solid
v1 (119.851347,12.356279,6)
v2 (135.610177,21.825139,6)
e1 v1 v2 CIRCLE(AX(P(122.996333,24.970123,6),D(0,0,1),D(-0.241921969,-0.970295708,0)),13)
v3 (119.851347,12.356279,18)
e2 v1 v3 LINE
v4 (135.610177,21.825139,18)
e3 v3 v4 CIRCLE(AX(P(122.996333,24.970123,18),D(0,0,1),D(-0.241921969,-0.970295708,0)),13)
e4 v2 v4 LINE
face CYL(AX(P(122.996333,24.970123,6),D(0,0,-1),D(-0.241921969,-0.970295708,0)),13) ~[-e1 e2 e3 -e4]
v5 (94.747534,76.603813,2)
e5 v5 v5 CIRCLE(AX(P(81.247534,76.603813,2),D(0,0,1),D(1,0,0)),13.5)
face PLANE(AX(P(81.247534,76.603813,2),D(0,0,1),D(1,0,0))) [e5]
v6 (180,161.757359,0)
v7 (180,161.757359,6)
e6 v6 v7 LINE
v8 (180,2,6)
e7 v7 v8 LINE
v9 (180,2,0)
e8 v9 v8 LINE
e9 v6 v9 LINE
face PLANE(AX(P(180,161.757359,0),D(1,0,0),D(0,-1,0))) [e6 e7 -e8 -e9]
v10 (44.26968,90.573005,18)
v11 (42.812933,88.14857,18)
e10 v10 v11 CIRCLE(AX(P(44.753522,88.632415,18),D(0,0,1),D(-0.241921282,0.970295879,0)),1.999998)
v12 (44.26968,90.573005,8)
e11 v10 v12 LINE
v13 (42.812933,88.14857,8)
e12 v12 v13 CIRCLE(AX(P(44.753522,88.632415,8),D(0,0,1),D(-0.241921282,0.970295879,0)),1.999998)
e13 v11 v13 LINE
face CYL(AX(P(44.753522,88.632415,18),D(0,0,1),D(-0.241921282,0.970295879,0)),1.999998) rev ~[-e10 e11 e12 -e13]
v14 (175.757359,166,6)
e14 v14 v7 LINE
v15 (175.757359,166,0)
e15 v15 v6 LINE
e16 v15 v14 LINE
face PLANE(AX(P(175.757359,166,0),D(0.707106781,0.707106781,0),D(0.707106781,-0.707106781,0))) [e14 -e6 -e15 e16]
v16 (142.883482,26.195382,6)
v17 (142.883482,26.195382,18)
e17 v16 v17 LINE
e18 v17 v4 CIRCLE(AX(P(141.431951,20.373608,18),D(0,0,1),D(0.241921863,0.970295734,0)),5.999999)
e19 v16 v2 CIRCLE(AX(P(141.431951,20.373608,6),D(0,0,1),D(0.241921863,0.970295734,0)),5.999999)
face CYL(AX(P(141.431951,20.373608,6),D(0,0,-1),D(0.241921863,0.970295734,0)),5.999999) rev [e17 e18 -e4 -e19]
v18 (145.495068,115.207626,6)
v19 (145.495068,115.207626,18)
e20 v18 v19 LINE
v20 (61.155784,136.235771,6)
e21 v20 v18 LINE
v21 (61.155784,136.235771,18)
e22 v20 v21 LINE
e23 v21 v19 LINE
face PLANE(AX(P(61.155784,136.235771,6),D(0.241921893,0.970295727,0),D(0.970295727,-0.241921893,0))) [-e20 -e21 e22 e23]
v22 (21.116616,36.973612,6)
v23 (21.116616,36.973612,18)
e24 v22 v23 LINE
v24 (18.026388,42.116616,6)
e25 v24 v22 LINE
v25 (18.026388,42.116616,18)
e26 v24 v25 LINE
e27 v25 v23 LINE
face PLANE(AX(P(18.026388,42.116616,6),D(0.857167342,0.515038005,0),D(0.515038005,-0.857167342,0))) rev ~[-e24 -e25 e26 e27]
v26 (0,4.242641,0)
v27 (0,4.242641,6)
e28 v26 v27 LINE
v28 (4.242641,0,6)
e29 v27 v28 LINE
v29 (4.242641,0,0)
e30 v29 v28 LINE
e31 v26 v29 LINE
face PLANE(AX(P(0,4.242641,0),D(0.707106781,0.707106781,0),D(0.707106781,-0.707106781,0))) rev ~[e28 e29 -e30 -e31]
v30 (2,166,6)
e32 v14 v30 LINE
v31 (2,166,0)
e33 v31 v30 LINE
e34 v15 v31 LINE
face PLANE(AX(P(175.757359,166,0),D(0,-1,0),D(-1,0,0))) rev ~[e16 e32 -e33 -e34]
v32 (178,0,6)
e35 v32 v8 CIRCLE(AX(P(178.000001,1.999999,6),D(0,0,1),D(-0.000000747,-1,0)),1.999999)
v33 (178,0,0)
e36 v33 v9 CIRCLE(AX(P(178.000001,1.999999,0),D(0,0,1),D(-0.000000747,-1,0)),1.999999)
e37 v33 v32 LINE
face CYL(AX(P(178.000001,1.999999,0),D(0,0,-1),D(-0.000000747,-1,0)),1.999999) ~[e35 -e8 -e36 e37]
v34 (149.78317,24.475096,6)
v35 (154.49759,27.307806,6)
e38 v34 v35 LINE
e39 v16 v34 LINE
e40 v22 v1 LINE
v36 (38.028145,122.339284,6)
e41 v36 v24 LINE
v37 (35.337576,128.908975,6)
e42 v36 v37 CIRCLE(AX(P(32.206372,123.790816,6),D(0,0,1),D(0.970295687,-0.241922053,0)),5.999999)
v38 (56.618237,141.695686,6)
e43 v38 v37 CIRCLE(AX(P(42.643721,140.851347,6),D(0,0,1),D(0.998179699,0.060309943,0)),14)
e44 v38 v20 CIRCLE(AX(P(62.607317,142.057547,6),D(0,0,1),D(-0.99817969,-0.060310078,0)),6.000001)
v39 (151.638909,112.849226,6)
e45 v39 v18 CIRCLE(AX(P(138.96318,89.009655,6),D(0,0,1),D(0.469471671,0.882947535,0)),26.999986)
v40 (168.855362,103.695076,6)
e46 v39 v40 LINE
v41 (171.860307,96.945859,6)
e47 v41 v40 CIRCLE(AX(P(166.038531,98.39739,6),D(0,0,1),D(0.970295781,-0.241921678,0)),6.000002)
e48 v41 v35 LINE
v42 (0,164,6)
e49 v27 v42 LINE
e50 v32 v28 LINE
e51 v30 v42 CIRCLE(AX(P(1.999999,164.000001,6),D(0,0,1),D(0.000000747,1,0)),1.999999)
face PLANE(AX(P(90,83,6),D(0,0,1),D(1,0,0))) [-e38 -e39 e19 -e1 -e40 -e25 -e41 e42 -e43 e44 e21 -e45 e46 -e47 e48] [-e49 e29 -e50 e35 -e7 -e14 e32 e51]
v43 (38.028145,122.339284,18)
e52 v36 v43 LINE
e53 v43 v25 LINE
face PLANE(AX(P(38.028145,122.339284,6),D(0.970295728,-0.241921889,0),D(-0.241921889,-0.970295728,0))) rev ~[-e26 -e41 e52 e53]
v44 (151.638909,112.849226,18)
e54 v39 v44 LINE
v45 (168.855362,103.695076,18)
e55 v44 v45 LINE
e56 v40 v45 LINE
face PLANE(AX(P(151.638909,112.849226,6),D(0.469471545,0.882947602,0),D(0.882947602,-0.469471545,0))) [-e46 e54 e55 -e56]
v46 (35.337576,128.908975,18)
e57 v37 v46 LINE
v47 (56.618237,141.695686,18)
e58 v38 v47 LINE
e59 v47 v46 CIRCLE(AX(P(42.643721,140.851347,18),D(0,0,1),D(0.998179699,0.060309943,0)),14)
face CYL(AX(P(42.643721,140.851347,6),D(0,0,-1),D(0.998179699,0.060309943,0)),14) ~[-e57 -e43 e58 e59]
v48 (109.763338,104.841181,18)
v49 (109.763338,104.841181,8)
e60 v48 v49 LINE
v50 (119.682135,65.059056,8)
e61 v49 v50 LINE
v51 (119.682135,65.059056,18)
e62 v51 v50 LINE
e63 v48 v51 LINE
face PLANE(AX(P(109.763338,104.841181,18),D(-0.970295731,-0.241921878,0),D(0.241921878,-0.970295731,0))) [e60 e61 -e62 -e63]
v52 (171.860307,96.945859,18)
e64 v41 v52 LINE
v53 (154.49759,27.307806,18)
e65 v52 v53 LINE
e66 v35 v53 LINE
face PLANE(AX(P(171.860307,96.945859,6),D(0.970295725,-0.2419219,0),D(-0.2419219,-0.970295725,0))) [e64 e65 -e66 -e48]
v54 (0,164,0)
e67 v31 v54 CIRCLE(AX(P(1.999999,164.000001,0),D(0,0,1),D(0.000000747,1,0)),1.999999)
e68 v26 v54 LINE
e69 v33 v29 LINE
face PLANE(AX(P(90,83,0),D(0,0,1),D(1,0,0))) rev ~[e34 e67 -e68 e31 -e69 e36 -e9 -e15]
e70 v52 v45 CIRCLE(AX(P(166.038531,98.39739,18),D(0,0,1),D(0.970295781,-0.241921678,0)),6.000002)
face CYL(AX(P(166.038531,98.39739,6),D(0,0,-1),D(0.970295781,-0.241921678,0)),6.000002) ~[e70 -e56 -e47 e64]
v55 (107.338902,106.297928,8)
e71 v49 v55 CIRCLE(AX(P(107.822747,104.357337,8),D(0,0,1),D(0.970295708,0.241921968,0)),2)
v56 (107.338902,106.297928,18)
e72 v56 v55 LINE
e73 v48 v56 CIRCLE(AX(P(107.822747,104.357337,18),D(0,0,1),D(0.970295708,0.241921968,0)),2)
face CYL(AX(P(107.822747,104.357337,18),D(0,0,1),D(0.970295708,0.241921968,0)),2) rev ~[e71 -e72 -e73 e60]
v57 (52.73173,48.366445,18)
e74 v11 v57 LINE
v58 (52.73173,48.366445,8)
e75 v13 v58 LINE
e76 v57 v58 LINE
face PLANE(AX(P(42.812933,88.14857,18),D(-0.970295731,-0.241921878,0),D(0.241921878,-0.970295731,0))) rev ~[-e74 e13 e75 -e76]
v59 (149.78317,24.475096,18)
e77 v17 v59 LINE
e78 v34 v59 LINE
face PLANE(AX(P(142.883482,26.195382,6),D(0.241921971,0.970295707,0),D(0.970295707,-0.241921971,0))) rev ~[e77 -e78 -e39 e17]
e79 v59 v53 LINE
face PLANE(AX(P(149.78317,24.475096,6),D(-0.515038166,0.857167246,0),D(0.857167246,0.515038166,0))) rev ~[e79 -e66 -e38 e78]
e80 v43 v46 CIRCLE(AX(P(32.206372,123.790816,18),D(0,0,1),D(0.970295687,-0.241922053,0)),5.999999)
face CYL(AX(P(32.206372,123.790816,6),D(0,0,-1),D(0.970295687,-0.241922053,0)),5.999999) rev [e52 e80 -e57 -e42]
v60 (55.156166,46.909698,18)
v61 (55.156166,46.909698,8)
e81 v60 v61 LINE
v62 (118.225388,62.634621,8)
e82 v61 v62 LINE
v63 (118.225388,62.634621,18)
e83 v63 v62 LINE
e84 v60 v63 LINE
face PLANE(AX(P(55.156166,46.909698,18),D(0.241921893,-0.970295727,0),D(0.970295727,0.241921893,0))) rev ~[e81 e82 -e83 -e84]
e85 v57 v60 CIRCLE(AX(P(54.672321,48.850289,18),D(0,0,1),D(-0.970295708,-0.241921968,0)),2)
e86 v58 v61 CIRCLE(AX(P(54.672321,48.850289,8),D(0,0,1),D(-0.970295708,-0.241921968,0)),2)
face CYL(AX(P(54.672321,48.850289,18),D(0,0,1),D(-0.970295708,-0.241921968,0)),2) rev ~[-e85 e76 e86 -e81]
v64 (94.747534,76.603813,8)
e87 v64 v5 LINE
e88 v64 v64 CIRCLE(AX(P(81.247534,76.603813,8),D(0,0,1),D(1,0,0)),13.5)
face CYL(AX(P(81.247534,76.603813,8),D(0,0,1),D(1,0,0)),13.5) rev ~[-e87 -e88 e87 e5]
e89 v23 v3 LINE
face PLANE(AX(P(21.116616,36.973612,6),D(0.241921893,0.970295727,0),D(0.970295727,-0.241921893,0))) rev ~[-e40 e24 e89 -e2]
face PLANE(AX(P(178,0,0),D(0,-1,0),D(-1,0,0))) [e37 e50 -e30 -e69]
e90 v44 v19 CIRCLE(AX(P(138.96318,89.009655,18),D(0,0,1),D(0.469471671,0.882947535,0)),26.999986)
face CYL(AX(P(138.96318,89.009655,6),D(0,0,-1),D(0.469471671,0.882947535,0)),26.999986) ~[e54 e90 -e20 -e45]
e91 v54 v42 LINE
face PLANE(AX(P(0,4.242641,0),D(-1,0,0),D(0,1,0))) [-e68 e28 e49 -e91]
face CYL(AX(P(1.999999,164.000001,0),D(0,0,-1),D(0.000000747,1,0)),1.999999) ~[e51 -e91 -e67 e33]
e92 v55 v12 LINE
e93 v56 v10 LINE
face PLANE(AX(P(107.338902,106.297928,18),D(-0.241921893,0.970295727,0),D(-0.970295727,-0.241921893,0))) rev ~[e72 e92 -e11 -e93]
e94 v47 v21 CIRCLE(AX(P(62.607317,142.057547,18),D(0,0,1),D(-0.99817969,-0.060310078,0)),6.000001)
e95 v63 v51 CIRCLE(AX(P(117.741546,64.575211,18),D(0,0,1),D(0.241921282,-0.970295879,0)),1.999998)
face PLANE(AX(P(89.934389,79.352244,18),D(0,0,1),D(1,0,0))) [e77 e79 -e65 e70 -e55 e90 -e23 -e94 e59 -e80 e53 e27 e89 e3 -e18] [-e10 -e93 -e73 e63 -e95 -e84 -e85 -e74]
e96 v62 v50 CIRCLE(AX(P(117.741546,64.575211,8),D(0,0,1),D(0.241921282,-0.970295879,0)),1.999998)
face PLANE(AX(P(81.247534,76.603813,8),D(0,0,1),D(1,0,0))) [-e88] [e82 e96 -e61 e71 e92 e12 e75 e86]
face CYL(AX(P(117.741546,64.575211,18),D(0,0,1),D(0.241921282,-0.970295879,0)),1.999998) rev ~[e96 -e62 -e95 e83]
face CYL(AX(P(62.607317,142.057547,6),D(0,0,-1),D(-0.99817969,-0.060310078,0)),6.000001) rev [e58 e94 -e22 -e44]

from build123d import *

# Parameters (mm, degrees)
PAD_DEPTH       = 6
PAD001_DEPTH    = 12
POCKET_DEPTH    = 10
SKETCH003_R     = 13.5
POCKET001_DEPTH = 6


with BuildPart() as part:
    # Sketch → Pad (new body)
    with BuildSketch(Plane.XY):
        with BuildLine():
            ThreePointArc((2, 166), (0.585786, 165.414214), (0, 164))
            Line((0, 4.242641), (0, 164))
            Line((0, 4.242641), (4.242641, 0))
            Line((178, 0), (4.242641, 0))
            ThreePointArc((178, 0), (179.414214, 0.585786), (180, 2))
            Line((180, 161.757359), (180, 2))
            Line((175.757359, 166), (180, 161.757359))
            Line((175.757359, 166), (2, 166))
        make_face()
    extrude(amount=PAD_DEPTH)

    # Sketch001 (on Face10 of Pad) → Pad001 (join)
    with BuildSketch(Plane.XY.offset(6)):
        with BuildLine():
            ThreePointArc((56.618237, 141.695686), (35.433188, 152.851689), (35.337576, 128.908975))
            ThreePointArc((38.028145, 122.339284), (37.758773, 126.064762), (35.337576, 128.908975))
            Line((38.028145, 122.339284), (18.026388, 42.116616))
            Line((18.026388, 42.116616), (21.116616, 36.973612))
            Line((21.116616, 36.973612), (119.851347, 12.356279))
            ThreePointArc((119.851347, 12.356279), (129.691827, 13.826948), (135.610177, 21.825139))
            ThreePointArc((142.883482, 26.195382), (138.341722, 25.516611), (135.610177, 21.825139))
            Line((142.883482, 26.195382), (149.78317, 24.475096))
            Line((149.78317, 24.475096), (154.49759, 27.307806))
            Line((171.860307, 96.945859), (154.49759, 27.307806))
            ThreePointArc((171.860307, 96.945859), (171.519805, 100.83781), (168.855362, 103.695076))
            Line((151.638909, 112.849226), (168.855362, 103.695076))
            ThreePointArc((151.638909, 112.849226), (148.639111, 114.216313), (145.495068, 115.207626))
            Line((61.155784, 136.235771), (145.495068, 115.207626))
            ThreePointArc((56.618237, 141.695686), (57.992845, 138.222619), (61.155784, 136.235771))
        make_face()
    extrude(amount=PAD001_DEPTH)

    # Sketch002 (on Face26 of Pad001) → Pocket (cut)
    with BuildSketch(Plane.XY.offset(18)):
        with BuildLine():
            ThreePointArc((44.26968, 90.573005), (43.039189, 89.66249), (42.812933, 88.14857))
            Line((42.812933, 88.14857), (52.73173, 48.366445))
            ThreePointArc((52.73173, 48.366445), (53.642246, 47.135954), (55.156166, 46.909698))
            Line((55.156166, 46.909698), (118.225388, 62.634621))
            ThreePointArc((118.225388, 62.634621), (119.455879, 63.545136), (119.682135, 65.059056))
            Line((109.763338, 104.841181), (119.682135, 65.059056))
            ThreePointArc((109.763338, 104.841181), (108.852822, 106.071672), (107.338902, 106.297928))
            Line((107.338902, 106.297928), (44.26968, 90.573005))
        make_face()
    extrude(amount=-POCKET_DEPTH, mode=Mode.SUBTRACT)

    # Sketch003 (on Face35 of Pocket) → Pocket001 (cut)
    with BuildSketch(Plane.XY.offset(8)):
        with Locations((81.247534, 76.603813)):
            Circle(SKETCH003_R)
    extrude(amount=-POCKET001_DEPTH, mode=Mode.SUBTRACT)


solid = part.part
